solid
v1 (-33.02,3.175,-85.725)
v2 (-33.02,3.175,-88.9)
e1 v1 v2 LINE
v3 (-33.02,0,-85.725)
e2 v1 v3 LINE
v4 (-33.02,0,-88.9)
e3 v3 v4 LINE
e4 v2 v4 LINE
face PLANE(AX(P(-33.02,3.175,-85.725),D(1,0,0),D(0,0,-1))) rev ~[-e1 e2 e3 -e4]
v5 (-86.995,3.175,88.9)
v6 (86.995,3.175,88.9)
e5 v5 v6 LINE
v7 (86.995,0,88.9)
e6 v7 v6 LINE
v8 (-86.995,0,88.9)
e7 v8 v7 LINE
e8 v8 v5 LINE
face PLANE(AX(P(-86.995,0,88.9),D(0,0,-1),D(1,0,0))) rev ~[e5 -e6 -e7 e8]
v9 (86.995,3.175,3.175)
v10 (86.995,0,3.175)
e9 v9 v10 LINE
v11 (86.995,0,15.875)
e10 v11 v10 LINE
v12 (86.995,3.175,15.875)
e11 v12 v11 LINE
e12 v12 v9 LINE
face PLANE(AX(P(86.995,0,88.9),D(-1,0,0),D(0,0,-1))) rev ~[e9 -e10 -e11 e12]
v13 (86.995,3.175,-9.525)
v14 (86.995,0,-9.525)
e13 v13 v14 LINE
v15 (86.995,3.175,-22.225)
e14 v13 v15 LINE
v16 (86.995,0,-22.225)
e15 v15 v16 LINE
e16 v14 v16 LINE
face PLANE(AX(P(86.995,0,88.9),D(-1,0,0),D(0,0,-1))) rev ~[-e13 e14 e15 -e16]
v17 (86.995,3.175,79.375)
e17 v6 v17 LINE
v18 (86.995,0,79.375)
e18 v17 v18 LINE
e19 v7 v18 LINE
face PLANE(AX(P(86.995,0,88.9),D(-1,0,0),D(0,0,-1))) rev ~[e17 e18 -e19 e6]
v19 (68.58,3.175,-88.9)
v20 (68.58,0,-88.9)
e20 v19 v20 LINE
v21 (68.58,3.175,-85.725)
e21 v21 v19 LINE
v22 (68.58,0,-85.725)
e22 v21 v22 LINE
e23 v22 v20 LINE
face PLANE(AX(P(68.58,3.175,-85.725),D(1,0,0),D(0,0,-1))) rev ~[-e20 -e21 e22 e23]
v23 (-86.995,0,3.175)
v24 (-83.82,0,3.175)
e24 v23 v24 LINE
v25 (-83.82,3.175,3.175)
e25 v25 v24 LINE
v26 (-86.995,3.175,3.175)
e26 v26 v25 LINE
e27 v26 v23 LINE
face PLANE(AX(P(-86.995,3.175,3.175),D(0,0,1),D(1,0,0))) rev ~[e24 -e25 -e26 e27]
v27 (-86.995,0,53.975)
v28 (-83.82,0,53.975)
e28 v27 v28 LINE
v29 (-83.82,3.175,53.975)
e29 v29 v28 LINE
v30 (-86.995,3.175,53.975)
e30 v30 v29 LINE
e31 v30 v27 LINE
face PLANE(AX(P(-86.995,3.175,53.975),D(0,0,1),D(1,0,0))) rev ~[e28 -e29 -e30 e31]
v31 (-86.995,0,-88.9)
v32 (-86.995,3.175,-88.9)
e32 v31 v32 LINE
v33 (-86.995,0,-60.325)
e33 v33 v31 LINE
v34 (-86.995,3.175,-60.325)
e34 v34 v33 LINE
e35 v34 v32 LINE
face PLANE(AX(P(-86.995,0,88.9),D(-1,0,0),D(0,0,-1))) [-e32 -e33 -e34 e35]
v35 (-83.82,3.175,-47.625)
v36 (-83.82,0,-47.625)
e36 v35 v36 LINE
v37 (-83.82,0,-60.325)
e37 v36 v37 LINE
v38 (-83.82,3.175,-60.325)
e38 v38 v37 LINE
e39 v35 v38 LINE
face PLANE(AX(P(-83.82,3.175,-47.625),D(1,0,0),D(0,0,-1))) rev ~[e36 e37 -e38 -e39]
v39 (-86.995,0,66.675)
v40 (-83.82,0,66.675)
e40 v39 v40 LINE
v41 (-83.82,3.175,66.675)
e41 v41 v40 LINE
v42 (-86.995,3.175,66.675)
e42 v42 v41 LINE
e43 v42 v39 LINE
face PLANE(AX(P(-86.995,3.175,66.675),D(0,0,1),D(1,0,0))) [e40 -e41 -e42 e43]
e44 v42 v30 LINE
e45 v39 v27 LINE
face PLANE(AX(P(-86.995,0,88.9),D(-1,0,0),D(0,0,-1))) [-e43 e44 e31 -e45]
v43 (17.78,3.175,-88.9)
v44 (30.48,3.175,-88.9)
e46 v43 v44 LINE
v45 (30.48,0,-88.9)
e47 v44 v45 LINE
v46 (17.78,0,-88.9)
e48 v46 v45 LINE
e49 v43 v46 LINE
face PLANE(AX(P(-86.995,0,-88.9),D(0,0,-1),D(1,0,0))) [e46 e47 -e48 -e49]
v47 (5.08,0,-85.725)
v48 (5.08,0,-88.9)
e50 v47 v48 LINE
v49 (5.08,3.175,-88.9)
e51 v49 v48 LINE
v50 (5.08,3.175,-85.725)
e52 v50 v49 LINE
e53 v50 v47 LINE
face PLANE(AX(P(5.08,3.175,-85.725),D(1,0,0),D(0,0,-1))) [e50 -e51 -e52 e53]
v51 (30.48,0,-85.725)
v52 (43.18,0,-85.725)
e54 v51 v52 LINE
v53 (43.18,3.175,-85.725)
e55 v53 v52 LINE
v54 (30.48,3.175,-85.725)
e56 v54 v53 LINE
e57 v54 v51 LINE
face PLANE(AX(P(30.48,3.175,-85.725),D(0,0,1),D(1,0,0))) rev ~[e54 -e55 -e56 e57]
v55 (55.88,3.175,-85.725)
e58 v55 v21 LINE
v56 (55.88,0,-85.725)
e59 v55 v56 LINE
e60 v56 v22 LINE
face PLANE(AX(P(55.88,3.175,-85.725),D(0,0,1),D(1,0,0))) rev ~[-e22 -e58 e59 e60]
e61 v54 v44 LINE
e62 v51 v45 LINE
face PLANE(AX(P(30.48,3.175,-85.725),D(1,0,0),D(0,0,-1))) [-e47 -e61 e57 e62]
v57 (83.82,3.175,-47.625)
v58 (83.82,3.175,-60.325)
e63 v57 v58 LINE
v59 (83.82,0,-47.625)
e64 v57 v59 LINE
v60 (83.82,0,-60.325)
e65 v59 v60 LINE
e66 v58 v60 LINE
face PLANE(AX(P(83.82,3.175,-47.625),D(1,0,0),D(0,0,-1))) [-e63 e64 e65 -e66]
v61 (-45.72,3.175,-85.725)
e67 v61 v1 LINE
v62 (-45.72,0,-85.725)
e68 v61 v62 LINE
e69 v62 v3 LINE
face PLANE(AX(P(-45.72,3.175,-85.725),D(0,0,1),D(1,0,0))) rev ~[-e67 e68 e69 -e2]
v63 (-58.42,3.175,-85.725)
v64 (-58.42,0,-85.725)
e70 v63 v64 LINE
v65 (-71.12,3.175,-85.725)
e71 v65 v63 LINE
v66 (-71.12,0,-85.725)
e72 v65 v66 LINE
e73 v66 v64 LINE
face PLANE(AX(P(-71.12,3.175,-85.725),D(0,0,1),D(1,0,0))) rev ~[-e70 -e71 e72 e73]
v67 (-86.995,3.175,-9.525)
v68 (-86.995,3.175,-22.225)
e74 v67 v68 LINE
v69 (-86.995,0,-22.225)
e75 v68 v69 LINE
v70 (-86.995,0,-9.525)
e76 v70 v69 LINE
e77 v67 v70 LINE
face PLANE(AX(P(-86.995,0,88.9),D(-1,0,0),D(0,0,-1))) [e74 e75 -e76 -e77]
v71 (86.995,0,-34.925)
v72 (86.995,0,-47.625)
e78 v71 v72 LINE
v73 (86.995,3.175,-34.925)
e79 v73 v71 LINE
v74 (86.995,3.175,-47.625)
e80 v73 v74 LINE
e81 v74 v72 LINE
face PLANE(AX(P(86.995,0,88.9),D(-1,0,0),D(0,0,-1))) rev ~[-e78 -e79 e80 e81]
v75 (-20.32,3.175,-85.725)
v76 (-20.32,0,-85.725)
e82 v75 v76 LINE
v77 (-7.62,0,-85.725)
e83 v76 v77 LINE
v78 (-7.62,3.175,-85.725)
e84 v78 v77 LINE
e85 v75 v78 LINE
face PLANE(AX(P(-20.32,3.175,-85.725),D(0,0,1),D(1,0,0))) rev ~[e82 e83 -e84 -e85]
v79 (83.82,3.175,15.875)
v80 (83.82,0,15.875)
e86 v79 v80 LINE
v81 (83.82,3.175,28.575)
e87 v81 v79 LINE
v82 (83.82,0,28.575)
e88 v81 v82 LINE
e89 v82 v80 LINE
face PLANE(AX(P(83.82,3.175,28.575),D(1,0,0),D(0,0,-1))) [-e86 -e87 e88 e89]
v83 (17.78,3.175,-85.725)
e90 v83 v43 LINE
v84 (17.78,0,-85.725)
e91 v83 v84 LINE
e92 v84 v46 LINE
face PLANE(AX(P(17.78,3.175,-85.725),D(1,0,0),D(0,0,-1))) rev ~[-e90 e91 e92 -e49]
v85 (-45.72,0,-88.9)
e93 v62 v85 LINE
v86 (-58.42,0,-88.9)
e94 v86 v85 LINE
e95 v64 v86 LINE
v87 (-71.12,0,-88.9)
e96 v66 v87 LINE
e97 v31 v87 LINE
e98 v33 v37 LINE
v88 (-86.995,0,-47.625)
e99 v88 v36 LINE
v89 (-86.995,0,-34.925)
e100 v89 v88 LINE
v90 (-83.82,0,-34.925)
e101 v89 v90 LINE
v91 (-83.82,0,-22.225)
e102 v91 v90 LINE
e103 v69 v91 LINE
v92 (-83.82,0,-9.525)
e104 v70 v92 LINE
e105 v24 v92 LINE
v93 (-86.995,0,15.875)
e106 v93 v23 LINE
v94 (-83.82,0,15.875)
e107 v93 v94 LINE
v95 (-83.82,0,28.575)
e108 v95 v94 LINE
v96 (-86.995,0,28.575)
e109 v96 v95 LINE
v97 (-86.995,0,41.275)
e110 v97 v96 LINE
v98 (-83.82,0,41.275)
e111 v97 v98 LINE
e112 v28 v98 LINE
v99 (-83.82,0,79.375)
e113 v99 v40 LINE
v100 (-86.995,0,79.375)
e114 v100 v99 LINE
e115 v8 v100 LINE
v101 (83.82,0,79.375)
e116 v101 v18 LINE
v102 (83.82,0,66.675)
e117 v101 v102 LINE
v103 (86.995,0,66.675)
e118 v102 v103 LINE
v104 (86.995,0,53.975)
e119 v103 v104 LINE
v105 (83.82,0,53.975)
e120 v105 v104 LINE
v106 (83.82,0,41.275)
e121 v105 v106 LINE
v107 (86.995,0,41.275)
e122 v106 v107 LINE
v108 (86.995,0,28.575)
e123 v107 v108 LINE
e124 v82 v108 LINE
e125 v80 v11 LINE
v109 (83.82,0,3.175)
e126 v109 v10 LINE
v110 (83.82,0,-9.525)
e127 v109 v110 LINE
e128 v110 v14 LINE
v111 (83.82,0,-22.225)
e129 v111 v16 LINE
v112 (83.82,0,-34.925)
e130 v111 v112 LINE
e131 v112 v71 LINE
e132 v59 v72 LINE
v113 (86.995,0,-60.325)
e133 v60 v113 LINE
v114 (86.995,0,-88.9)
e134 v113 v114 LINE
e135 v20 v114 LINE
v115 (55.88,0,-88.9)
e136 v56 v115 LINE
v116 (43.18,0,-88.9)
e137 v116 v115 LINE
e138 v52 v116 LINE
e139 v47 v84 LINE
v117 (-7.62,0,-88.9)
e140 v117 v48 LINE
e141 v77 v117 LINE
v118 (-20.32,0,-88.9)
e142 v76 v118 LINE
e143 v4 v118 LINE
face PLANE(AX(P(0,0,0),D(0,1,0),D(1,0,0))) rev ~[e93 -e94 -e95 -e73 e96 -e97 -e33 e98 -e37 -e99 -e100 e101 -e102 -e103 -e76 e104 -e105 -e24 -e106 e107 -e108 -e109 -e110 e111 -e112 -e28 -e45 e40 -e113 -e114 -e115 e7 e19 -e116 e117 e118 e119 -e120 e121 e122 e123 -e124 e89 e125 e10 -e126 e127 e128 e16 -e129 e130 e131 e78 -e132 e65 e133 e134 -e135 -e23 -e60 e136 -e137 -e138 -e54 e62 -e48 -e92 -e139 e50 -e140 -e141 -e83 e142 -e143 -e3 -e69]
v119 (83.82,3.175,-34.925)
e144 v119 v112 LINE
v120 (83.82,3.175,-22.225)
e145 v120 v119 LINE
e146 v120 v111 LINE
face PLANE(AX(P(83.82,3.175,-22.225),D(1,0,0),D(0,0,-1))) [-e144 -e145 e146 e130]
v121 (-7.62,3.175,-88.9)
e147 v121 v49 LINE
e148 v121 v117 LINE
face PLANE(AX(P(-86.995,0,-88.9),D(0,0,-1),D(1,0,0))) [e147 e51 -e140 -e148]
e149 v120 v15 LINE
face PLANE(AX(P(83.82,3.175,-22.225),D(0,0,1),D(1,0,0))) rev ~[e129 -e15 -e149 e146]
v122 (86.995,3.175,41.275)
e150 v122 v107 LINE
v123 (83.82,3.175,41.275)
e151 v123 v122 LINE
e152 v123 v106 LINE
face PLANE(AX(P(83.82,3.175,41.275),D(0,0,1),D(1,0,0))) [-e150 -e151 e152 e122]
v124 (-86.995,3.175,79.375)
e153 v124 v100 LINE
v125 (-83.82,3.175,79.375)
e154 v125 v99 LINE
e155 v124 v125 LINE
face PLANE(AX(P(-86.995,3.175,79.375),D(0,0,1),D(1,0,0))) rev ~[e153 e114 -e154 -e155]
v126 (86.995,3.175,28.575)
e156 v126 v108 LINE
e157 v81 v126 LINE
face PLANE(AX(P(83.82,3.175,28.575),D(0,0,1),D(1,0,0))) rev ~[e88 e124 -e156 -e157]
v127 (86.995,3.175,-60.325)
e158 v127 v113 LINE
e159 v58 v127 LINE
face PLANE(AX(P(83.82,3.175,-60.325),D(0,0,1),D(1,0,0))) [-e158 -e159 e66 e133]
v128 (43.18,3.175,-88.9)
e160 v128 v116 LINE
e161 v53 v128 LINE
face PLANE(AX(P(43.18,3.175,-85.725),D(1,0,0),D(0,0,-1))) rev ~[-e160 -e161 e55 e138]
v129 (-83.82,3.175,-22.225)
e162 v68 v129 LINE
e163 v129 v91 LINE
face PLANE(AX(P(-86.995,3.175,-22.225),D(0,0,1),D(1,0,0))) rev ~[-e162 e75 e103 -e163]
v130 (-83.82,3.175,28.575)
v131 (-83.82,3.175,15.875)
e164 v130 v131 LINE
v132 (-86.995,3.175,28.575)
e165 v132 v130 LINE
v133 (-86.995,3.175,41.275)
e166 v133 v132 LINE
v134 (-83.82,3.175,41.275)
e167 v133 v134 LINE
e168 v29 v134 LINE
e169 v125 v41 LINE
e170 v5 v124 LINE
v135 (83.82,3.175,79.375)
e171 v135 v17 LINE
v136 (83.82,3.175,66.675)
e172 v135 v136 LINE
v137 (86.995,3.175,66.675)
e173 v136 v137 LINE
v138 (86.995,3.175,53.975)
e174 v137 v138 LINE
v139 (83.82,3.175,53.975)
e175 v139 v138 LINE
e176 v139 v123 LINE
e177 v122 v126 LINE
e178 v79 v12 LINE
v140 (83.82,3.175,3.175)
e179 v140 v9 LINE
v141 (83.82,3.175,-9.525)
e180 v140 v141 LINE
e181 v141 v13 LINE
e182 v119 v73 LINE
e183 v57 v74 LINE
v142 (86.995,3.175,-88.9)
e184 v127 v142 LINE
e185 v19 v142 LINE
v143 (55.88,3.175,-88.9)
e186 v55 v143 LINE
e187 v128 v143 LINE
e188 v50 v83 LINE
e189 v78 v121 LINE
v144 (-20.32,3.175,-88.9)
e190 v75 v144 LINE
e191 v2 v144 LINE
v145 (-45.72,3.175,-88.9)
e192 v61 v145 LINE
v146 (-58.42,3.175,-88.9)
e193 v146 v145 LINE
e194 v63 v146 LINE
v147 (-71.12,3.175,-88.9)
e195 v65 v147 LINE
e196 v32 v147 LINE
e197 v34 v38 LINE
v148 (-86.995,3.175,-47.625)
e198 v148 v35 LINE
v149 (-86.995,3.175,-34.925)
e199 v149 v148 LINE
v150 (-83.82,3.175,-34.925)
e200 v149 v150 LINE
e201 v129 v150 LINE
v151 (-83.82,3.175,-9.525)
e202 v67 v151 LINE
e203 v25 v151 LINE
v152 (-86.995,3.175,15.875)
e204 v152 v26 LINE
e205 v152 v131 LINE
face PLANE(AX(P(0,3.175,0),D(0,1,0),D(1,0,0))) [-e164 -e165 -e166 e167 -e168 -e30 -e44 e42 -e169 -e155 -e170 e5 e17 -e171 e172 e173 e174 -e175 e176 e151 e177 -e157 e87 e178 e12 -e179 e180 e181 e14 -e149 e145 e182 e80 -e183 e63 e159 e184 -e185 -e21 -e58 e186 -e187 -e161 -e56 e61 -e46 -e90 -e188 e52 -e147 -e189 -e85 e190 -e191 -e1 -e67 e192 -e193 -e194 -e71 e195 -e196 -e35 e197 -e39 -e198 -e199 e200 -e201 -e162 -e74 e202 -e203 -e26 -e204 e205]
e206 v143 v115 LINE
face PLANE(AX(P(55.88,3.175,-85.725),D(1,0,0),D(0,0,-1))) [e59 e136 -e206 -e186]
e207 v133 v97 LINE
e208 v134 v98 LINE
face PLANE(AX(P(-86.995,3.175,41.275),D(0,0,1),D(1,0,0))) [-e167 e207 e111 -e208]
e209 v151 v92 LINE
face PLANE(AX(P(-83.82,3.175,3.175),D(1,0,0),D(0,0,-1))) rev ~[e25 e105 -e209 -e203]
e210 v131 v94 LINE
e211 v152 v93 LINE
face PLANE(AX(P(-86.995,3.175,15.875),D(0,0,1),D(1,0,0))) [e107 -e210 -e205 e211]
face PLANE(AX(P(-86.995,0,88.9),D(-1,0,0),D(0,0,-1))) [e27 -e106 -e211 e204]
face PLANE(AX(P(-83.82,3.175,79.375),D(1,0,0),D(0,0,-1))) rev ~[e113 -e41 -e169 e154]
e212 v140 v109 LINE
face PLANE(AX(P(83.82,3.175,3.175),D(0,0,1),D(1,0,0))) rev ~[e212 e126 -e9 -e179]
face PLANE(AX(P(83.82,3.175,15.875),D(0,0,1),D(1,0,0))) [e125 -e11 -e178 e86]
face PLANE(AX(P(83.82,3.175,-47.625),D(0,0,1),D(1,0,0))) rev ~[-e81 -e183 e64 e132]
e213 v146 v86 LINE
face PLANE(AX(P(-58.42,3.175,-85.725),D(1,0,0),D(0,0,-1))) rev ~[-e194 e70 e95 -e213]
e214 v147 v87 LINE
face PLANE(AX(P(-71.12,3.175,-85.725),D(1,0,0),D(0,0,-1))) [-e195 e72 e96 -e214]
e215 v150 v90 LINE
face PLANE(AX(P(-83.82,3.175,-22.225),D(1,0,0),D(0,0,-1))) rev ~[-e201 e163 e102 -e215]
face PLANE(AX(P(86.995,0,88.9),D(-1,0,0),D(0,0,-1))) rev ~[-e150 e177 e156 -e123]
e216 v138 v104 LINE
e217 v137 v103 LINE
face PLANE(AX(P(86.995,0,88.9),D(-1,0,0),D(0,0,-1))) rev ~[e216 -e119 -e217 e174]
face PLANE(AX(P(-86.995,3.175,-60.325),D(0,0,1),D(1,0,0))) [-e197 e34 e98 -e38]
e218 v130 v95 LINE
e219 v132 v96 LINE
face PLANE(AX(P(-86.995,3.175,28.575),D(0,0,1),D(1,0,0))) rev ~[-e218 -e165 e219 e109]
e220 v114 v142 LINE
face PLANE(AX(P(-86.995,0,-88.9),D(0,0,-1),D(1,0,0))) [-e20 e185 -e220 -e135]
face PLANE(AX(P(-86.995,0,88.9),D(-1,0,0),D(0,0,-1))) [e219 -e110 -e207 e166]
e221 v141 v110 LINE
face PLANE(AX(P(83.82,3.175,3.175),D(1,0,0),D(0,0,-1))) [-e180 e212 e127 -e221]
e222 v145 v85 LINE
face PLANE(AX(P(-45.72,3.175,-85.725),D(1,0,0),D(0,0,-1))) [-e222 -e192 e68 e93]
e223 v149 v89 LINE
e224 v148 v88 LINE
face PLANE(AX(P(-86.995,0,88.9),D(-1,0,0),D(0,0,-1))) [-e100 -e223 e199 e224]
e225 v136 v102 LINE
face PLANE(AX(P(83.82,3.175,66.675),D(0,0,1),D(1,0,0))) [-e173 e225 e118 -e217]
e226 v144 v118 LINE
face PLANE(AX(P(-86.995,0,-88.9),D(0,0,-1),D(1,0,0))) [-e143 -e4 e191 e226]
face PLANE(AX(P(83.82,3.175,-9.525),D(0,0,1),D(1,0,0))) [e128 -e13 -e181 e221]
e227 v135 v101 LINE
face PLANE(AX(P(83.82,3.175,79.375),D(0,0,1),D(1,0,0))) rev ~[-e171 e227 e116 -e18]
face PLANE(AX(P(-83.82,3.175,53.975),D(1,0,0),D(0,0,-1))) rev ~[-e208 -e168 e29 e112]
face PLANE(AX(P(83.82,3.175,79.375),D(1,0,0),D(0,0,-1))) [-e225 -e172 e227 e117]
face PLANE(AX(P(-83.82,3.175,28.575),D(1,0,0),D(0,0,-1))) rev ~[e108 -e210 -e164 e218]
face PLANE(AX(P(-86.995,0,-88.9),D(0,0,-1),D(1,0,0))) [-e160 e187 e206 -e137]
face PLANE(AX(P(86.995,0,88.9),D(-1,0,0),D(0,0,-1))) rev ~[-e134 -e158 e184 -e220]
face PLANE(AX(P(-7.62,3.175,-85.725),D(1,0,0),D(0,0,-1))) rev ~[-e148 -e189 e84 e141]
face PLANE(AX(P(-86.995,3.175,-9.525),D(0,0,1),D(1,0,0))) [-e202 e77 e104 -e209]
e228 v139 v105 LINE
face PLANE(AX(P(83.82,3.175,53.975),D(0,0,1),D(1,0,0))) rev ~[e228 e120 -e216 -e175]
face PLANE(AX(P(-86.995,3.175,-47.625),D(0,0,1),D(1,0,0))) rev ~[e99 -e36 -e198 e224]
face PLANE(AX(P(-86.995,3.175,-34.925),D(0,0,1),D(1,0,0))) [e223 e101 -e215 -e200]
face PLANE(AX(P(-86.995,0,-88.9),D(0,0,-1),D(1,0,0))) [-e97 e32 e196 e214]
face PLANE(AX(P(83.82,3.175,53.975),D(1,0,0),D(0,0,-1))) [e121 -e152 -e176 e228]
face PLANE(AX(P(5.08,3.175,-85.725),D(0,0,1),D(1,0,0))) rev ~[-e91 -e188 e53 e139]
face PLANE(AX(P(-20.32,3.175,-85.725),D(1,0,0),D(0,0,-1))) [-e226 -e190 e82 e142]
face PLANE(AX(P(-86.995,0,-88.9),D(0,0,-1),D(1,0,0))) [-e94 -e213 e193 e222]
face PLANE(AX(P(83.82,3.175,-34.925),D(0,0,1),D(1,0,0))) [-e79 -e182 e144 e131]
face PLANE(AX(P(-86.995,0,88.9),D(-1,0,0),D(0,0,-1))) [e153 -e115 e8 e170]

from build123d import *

# Parameters (mm, degrees)
SKETCH1_W           = 173.99
SKETCH1_H           = 177.8
BOSS_EXTRUDE1_DEPTH = 3.175
SKETCH3_W           = 12.7
SKETCH3_H           = 3.175
SKETCH3_W_2         = 3.175
SKETCH3_H_2         = 12.7
CUT_EXTRUDE1_DEPTH  = 3.175


with BuildPart() as part:
    # Sketch1 → Boss-Extrude1 (new body)
    with BuildSketch(Plane(origin=(0, 0, 0), x_dir=(1, 0, 0), z_dir=(0, 1, 0))):
        Rectangle(SKETCH1_W, SKETCH1_H)
    extrude(amount=BOSS_EXTRUDE1_DEPTH)

    # Sketch3 → Cut-Extrude1 (cut)
    with BuildSketch(Plane(origin=(0, 3.175, 0), x_dir=(1, 0, 0), z_dir=(0, 1, 0))):
        with Locations((-64.77, 87.3125)):
            Rectangle(SKETCH3_W, SKETCH3_H)
        with Locations((-39.37, 87.3125)):
            Rectangle(SKETCH3_W, SKETCH3_H)
        with Locations((-13.97, 87.3125)):
            Rectangle(SKETCH3_W, SKETCH3_H)
        with Locations((11.43, 87.3125)):
            Rectangle(SKETCH3_W, SKETCH3_H)
        with Locations((36.83, 87.3125)):
            Rectangle(SKETCH3_W, SKETCH3_H)
        with Locations((62.23, 87.3125)):
            Rectangle(SKETCH3_W, SKETCH3_H)
        with Locations((-85.4075, 28.575)):
            Rectangle(SKETCH3_W_2, SKETCH3_H_2)
        with Locations((-85.4075, 53.975)):
            Rectangle(SKETCH3_W_2, SKETCH3_H_2)
        with Locations((-85.4075, 3.175)):
            Rectangle(SKETCH3_W_2, SKETCH3_H_2)
        with Locations((-85.4075, -22.225)):
            Rectangle(SKETCH3_W_2, SKETCH3_H_2)
        with Locations((-85.4075, -47.625)):
            Rectangle(SKETCH3_W_2, SKETCH3_H_2)
        with Locations((-85.4075, -73.025)):
            Rectangle(SKETCH3_W_2, SKETCH3_H_2)
        with Locations((85.4075, -73.025)):
            Rectangle(SKETCH3_W_2, SKETCH3_H_2)
        with Locations((85.4075, -47.625)):
            Rectangle(SKETCH3_W_2, SKETCH3_H_2)
        with Locations((85.4075, -22.225)):
            Rectangle(SKETCH3_W_2, SKETCH3_H_2)
        with Locations((85.4075, 3.175)):
            Rectangle(SKETCH3_W_2, SKETCH3_H_2)
        with Locations((85.4075, 28.575)):
            Rectangle(SKETCH3_W_2, SKETCH3_H_2)
        with Locations((85.4075, 53.975)):
            Rectangle(SKETCH3_W_2, SKETCH3_H_2)
    extrude(amount=-CUT_EXTRUDE1_DEPTH, mode=Mode.SUBTRACT)


solid = part.part
